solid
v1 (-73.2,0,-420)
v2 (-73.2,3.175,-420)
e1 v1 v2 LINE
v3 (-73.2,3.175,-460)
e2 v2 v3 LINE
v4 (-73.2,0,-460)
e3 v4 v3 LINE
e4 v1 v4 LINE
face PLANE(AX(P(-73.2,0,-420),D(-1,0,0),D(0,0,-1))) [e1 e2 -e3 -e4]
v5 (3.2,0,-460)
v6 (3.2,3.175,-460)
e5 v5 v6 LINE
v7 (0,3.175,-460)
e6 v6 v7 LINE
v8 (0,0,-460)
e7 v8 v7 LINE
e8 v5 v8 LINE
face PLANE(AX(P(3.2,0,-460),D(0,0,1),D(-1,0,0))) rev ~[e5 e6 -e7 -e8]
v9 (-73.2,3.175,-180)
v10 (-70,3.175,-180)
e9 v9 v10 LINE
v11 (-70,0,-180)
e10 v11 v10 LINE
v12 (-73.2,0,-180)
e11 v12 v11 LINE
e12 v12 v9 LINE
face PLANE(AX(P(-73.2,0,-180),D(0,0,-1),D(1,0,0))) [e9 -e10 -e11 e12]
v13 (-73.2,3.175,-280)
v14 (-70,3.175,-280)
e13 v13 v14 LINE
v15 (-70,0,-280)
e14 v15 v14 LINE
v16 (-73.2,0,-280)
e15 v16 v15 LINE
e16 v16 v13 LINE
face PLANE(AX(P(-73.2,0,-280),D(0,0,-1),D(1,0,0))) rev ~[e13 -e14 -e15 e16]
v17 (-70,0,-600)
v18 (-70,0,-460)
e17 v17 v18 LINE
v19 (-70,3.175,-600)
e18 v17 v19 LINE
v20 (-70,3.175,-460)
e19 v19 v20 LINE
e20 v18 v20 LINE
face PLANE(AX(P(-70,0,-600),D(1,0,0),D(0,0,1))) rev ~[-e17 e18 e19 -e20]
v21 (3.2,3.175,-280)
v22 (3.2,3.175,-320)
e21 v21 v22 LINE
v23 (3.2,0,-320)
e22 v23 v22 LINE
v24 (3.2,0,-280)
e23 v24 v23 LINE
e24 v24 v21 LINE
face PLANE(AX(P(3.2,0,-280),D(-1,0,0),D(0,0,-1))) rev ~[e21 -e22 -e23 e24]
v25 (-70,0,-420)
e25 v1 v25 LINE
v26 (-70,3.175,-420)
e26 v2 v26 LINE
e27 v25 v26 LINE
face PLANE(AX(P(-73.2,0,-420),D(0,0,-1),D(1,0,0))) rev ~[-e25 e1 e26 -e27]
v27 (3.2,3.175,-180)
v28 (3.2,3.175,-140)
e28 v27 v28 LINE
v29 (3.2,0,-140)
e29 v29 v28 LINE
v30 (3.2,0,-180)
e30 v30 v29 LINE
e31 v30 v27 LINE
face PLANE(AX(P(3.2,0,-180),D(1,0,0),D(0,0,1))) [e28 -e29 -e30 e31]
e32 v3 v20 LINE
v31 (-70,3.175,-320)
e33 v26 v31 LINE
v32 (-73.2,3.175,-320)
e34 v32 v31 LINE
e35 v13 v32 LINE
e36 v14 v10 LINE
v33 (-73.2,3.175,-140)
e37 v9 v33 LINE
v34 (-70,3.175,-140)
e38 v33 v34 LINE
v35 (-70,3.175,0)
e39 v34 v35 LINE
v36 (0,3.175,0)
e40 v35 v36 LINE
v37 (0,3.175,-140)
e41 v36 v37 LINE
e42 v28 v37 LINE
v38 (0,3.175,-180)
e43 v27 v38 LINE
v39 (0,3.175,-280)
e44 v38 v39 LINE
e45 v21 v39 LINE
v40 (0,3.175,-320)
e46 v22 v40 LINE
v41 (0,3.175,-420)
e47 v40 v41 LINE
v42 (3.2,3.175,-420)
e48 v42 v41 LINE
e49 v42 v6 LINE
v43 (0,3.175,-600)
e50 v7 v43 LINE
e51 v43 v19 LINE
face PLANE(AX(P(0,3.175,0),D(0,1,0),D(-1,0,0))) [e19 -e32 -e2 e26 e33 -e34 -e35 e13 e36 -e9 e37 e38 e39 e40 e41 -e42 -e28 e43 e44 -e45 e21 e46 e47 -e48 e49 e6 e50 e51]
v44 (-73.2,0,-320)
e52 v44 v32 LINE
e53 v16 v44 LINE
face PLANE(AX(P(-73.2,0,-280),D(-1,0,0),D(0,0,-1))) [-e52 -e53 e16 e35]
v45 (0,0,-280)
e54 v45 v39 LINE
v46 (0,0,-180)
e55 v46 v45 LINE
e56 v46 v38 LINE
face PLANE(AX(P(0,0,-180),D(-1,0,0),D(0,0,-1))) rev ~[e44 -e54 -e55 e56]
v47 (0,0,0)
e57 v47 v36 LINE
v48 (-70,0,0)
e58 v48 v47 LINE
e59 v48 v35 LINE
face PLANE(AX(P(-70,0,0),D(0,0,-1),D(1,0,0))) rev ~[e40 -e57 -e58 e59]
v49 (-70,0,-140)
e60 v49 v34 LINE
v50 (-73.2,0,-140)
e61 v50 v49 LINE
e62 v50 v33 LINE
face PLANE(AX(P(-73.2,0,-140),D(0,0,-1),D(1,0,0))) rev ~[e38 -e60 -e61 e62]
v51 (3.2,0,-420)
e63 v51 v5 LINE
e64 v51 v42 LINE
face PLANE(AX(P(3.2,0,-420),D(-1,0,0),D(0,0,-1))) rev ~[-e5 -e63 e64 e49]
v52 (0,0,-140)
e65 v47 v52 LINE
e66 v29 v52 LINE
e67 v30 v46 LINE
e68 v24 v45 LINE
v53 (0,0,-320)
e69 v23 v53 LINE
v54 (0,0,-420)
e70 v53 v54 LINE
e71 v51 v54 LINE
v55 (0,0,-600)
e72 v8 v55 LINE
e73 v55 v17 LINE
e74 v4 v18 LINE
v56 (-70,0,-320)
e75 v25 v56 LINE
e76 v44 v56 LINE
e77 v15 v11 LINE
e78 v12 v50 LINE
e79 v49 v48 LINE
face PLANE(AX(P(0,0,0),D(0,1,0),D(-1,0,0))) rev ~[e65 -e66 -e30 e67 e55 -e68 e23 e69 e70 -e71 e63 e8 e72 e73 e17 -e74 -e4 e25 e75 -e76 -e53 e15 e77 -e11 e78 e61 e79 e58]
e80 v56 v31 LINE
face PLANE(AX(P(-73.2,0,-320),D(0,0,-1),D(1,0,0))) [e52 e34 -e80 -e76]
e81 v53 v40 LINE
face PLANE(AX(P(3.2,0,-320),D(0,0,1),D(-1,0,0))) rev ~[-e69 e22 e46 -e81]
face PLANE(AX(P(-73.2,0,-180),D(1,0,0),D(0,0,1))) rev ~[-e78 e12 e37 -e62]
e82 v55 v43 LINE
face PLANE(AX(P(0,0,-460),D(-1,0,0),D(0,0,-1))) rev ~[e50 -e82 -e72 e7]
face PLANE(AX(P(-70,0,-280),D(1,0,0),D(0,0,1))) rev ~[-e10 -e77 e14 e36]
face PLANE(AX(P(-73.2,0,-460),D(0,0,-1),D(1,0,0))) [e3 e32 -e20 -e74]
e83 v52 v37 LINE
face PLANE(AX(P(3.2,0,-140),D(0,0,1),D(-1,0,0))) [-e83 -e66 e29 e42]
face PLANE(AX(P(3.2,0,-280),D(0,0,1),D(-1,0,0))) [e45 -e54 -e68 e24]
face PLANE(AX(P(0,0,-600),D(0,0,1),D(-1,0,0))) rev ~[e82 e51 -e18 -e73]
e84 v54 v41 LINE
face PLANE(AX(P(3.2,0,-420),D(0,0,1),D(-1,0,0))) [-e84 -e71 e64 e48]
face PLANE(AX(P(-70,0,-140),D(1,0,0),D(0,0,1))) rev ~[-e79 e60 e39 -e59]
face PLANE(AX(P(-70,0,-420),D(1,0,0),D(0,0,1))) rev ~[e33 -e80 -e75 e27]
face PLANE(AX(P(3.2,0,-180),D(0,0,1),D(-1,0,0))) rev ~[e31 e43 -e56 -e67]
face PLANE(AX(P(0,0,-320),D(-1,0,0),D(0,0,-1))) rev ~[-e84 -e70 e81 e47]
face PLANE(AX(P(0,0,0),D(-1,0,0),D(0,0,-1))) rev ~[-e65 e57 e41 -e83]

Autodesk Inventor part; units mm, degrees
ref_plane "YZ Plane" through (0, 0, 0) normal (1, 0, 0) x (0, 1, 0)
ref_plane "XZ Plane" through (0, 0, 0) normal (0, 1, 0) x (-1, 0, 0)
ref_plane "XY Plane" through (0, 0, 0) normal (0, 0, 1) x (1, 0, 0)
sketch "Sketch1" plane through (0, 0, 0) normal (0, 1, 0) x (-1, 0, 0)
  line L0 (0, 0) -> (0, -600)
  line L1 (0, -600) -> (70, -600)
  line L2 (70, -600) -> (70, 0)
  line L3 (70, 0) -> (0, 0)
  line L4 (0, 0) -> (0, -300)
  line L5 (-3.2, -280) -> (-3.2, -320)
  line L6 (-3.2, -320) -> (0, -320)
  line L7 (-3.2, -280) -> (0, -280)
  line L8 (-3.2, -420) -> (0, -420)
  line L9 (-3.2, -420) -> (-3.2, -460)
  line L10 (-3.2, -460) -> (0, -460)
  line L11 (-3.2, -180) -> (0, -180)
  line L12 (-3.2, -180) -> (-3.2, -140)
  line L13 (-3.2, -140) -> (0, -140)
  line L14 (73.2, -280) -> (73.2, -320)
  line L15 (73.2, -320) -> (70, -320)
  line L16 (73.2, -280) -> (70, -280)
  line L17 (73.2, -420) -> (70, -420)
  line L18 (73.2, -420) -> (73.2, -460)
  line L19 (73.2, -460) -> (70, -460)
  line L20 (73.2, -180) -> (70, -180)
  line L21 (73.2, -180) -> (73.2, -140)
  line L22 (73.2, -140) -> (70, -140)
  dimension "d0" = 600
  dimension "d2" = 70
  dimension "d3" = 600
  dimension "d7" = 40
  dimension "d8" = 100
  dimension "d9" = 40
  dimension "d10" = 100
  dimension "d11" = 40
extrude "Extrusion1" add sketch "Sketch1" along normal blind 3.175
properties part number "Trebuchet V1 - Runway"
